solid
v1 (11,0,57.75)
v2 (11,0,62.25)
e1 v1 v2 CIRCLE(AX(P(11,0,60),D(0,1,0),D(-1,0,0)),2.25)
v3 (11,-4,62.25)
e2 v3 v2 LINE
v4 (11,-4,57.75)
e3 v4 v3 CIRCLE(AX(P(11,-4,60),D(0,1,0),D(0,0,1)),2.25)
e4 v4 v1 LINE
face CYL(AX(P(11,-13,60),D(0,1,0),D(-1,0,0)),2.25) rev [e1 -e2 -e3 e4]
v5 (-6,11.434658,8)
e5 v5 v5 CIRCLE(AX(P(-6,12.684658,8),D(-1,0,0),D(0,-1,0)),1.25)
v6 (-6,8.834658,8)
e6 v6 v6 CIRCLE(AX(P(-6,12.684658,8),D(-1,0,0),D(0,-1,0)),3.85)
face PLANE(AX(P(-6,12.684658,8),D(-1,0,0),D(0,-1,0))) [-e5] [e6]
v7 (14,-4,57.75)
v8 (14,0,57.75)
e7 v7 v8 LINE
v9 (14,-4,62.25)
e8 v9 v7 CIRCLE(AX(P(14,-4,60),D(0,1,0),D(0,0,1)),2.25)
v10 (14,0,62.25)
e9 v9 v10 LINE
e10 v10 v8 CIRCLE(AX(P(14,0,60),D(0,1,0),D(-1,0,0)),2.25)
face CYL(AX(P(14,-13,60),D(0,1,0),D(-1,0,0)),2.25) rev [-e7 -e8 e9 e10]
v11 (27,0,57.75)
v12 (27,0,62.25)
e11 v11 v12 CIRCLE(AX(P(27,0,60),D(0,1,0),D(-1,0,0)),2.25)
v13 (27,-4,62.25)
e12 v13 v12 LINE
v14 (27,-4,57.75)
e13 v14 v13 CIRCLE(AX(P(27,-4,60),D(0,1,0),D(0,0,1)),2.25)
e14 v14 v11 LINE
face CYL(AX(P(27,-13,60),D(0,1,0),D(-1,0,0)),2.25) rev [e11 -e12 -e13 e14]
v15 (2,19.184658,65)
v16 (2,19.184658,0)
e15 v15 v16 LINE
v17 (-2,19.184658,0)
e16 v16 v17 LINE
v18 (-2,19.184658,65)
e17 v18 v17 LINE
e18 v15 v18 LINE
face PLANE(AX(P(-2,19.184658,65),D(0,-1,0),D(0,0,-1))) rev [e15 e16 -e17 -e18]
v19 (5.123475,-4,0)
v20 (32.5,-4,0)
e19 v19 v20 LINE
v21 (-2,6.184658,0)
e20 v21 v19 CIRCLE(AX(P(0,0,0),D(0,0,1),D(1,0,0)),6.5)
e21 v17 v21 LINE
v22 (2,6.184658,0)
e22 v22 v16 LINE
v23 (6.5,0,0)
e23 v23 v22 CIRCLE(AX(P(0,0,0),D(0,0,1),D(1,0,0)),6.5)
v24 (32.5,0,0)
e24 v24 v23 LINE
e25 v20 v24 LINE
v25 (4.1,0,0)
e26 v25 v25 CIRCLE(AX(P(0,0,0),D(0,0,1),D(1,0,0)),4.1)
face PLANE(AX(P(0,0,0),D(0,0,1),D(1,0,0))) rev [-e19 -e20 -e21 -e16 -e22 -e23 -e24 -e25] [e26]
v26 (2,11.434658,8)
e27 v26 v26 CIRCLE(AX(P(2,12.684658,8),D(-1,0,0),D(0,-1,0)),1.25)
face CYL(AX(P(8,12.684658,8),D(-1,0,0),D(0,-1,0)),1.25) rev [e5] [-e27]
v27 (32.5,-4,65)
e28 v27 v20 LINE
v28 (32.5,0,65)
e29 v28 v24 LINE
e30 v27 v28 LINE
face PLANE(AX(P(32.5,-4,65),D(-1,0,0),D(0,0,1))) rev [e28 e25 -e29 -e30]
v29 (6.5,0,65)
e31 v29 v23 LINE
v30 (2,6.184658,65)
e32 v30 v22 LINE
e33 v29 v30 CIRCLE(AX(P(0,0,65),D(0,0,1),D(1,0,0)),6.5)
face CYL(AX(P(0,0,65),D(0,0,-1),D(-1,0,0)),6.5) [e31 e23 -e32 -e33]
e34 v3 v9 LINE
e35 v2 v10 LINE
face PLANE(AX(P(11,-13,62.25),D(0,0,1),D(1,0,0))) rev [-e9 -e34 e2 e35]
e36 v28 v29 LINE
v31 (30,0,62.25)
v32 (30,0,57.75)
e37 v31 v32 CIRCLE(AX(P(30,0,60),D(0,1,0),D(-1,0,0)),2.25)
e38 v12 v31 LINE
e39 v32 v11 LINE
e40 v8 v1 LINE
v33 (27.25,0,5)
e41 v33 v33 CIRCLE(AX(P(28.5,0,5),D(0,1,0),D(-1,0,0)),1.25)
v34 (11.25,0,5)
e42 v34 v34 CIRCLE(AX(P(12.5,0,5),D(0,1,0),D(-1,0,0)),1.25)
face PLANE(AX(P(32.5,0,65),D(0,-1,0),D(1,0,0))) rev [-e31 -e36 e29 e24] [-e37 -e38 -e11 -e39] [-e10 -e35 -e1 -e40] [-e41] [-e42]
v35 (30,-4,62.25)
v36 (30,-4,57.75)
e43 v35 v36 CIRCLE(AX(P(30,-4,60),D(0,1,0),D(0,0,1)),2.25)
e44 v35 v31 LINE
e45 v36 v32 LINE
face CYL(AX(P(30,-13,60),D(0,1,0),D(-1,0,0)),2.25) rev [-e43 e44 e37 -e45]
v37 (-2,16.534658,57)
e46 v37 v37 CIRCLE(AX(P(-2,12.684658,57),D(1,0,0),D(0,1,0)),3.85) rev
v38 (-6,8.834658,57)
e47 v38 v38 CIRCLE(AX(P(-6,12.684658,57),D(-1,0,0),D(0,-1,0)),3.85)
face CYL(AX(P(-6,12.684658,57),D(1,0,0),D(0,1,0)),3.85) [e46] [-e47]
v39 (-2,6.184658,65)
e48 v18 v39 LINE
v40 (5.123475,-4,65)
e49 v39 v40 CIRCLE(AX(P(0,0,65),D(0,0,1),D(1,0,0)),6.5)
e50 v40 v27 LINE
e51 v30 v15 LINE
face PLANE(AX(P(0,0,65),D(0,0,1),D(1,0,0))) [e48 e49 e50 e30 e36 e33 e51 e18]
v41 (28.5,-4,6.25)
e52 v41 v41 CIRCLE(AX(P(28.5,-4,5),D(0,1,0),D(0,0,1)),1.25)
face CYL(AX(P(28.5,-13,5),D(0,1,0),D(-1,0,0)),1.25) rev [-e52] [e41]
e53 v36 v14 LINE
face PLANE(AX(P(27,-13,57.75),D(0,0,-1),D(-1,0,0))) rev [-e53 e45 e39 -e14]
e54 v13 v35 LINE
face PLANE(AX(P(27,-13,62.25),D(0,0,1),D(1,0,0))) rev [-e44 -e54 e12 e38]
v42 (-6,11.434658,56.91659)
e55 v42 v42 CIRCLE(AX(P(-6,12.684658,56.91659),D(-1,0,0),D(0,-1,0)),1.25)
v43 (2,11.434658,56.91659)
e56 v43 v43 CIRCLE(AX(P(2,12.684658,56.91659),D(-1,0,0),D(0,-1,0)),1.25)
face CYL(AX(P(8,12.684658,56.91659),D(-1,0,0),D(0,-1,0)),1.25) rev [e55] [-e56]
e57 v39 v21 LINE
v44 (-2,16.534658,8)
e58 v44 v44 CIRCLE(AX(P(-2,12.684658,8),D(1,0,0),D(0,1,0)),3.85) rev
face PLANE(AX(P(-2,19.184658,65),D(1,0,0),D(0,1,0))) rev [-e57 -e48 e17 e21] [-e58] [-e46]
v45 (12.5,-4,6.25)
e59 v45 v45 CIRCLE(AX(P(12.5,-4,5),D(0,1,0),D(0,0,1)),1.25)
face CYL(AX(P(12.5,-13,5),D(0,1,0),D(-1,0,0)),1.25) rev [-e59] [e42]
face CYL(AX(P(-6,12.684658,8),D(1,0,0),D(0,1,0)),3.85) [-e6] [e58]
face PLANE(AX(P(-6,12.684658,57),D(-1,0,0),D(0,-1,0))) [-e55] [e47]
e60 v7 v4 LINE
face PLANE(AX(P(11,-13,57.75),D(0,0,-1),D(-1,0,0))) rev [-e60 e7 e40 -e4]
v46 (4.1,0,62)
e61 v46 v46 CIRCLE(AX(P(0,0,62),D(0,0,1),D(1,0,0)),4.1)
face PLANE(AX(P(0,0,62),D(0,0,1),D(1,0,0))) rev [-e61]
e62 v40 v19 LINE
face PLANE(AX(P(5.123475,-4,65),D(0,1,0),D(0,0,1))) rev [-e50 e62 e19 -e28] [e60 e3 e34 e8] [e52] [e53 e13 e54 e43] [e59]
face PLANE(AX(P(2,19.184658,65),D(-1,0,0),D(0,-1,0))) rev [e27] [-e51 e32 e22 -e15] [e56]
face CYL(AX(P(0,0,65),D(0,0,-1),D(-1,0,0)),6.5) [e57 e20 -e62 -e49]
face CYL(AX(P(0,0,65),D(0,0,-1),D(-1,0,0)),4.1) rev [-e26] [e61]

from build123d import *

# Parameters (mm, degrees)
SKETCH_1_R          = 4.1
EXTRUDE_1_DEPTH     = 65
SKETCH_2_R          = 4.923200542
EXTRUDE_2_DEPTH     = 3
SKETCH_3_R          = 1.25
CUT_EXTRUDE_1_DEPTH = 13
SKETCH_4_R          = 3.85
EXTRUDE_3_DEPTH     = 4
SKETCH_5_R          = 1.25
CUT_EXTRUDE_2_DEPTH = 14


with BuildPart() as part:
    # Эскиз1 → Бобышка-Вытянуть1 (new body)
    with BuildSketch(Plane.XY):
        with BuildLine():
            Line((5.123475383, -4), (32.5, -4))
            Line((32.5, -4), (32.5, 0))
            Line((32.5, 0), (6.5, 0))
            ThreePointArc((6.5, 0), (5.25594901, 3.824264635), (2, 6.184658438))
            Line((2, 6.184658438), (2, 19.184658438))
            Line((2, 19.184658438), (-2, 19.184658438))
            Line((-2, 19.184658438), (-2, 6.184658438))
            ThreePointArc((-2, 6.184658438), (-5.326428587, -3.725474266), (5.123475383, -4))
        make_face()
        Circle(SKETCH_1_R, mode=Mode.SUBTRACT)
    extrude(amount=EXTRUDE_1_DEPTH)

    # Эскиз2 → Бобышка-Вытянуть2 (add)
    with BuildSketch(Plane.XY.offset(65)):
        Circle(SKETCH_2_R)
    extrude(amount=-EXTRUDE_2_DEPTH)

    # Эскиз3 → Вырез-Вытянуть1 (cut)
    with BuildSketch(Plane(origin=(0, 0, 0), x_dir=(1, 0, 0), z_dir=(0, 1, 0))):
        with Locations((12.5, -5)):
            Circle(SKETCH_3_R)
        with Locations((28.5, -5)):
            Circle(SKETCH_3_R)
        with BuildLine():
            Line((27, -57.75), (30, -57.75))
            ThreePointArc((30, -57.75), (32.25, -60), (30, -62.25))
            Line((30, -62.25), (27, -62.25))
            ThreePointArc((27, -62.25), (24.75, -60), (27, -57.75))
        make_face()
        with BuildLine():
            Line((11, -57.75), (14, -57.75))
            ThreePointArc((14, -57.75), (16.25, -60), (14, -62.25))
            Line((14, -62.25), (11, -62.25))
            ThreePointArc((11, -62.25), (8.75, -60), (11, -57.75))
        make_face()
    extrude(amount=-CUT_EXTRUDE_1_DEPTH, mode=Mode.SUBTRACT)

    # Эскиз4 → Бобышка-Вытянуть3 (add)
    with BuildSketch(Plane.ZY.offset(2)):
        with Locations((8, 12.684658438)):
            Circle(SKETCH_4_R)
        with Locations((57, 12.684658438)):
            Circle(SKETCH_4_R)
    extrude(amount=EXTRUDE_3_DEPTH)

    # Эскиз5 → Вырез-Вытянуть2 (cut)
    with BuildSketch(Plane.ZY.offset(6)):
        with Locations((8, 12.684658438)):
            Circle(SKETCH_5_R)
        with Locations((56.916589889, 12.684658438)):
            Circle(SKETCH_5_R)
    extrude(amount=-CUT_EXTRUDE_2_DEPTH, mode=Mode.SUBTRACT)


solid = part.part
